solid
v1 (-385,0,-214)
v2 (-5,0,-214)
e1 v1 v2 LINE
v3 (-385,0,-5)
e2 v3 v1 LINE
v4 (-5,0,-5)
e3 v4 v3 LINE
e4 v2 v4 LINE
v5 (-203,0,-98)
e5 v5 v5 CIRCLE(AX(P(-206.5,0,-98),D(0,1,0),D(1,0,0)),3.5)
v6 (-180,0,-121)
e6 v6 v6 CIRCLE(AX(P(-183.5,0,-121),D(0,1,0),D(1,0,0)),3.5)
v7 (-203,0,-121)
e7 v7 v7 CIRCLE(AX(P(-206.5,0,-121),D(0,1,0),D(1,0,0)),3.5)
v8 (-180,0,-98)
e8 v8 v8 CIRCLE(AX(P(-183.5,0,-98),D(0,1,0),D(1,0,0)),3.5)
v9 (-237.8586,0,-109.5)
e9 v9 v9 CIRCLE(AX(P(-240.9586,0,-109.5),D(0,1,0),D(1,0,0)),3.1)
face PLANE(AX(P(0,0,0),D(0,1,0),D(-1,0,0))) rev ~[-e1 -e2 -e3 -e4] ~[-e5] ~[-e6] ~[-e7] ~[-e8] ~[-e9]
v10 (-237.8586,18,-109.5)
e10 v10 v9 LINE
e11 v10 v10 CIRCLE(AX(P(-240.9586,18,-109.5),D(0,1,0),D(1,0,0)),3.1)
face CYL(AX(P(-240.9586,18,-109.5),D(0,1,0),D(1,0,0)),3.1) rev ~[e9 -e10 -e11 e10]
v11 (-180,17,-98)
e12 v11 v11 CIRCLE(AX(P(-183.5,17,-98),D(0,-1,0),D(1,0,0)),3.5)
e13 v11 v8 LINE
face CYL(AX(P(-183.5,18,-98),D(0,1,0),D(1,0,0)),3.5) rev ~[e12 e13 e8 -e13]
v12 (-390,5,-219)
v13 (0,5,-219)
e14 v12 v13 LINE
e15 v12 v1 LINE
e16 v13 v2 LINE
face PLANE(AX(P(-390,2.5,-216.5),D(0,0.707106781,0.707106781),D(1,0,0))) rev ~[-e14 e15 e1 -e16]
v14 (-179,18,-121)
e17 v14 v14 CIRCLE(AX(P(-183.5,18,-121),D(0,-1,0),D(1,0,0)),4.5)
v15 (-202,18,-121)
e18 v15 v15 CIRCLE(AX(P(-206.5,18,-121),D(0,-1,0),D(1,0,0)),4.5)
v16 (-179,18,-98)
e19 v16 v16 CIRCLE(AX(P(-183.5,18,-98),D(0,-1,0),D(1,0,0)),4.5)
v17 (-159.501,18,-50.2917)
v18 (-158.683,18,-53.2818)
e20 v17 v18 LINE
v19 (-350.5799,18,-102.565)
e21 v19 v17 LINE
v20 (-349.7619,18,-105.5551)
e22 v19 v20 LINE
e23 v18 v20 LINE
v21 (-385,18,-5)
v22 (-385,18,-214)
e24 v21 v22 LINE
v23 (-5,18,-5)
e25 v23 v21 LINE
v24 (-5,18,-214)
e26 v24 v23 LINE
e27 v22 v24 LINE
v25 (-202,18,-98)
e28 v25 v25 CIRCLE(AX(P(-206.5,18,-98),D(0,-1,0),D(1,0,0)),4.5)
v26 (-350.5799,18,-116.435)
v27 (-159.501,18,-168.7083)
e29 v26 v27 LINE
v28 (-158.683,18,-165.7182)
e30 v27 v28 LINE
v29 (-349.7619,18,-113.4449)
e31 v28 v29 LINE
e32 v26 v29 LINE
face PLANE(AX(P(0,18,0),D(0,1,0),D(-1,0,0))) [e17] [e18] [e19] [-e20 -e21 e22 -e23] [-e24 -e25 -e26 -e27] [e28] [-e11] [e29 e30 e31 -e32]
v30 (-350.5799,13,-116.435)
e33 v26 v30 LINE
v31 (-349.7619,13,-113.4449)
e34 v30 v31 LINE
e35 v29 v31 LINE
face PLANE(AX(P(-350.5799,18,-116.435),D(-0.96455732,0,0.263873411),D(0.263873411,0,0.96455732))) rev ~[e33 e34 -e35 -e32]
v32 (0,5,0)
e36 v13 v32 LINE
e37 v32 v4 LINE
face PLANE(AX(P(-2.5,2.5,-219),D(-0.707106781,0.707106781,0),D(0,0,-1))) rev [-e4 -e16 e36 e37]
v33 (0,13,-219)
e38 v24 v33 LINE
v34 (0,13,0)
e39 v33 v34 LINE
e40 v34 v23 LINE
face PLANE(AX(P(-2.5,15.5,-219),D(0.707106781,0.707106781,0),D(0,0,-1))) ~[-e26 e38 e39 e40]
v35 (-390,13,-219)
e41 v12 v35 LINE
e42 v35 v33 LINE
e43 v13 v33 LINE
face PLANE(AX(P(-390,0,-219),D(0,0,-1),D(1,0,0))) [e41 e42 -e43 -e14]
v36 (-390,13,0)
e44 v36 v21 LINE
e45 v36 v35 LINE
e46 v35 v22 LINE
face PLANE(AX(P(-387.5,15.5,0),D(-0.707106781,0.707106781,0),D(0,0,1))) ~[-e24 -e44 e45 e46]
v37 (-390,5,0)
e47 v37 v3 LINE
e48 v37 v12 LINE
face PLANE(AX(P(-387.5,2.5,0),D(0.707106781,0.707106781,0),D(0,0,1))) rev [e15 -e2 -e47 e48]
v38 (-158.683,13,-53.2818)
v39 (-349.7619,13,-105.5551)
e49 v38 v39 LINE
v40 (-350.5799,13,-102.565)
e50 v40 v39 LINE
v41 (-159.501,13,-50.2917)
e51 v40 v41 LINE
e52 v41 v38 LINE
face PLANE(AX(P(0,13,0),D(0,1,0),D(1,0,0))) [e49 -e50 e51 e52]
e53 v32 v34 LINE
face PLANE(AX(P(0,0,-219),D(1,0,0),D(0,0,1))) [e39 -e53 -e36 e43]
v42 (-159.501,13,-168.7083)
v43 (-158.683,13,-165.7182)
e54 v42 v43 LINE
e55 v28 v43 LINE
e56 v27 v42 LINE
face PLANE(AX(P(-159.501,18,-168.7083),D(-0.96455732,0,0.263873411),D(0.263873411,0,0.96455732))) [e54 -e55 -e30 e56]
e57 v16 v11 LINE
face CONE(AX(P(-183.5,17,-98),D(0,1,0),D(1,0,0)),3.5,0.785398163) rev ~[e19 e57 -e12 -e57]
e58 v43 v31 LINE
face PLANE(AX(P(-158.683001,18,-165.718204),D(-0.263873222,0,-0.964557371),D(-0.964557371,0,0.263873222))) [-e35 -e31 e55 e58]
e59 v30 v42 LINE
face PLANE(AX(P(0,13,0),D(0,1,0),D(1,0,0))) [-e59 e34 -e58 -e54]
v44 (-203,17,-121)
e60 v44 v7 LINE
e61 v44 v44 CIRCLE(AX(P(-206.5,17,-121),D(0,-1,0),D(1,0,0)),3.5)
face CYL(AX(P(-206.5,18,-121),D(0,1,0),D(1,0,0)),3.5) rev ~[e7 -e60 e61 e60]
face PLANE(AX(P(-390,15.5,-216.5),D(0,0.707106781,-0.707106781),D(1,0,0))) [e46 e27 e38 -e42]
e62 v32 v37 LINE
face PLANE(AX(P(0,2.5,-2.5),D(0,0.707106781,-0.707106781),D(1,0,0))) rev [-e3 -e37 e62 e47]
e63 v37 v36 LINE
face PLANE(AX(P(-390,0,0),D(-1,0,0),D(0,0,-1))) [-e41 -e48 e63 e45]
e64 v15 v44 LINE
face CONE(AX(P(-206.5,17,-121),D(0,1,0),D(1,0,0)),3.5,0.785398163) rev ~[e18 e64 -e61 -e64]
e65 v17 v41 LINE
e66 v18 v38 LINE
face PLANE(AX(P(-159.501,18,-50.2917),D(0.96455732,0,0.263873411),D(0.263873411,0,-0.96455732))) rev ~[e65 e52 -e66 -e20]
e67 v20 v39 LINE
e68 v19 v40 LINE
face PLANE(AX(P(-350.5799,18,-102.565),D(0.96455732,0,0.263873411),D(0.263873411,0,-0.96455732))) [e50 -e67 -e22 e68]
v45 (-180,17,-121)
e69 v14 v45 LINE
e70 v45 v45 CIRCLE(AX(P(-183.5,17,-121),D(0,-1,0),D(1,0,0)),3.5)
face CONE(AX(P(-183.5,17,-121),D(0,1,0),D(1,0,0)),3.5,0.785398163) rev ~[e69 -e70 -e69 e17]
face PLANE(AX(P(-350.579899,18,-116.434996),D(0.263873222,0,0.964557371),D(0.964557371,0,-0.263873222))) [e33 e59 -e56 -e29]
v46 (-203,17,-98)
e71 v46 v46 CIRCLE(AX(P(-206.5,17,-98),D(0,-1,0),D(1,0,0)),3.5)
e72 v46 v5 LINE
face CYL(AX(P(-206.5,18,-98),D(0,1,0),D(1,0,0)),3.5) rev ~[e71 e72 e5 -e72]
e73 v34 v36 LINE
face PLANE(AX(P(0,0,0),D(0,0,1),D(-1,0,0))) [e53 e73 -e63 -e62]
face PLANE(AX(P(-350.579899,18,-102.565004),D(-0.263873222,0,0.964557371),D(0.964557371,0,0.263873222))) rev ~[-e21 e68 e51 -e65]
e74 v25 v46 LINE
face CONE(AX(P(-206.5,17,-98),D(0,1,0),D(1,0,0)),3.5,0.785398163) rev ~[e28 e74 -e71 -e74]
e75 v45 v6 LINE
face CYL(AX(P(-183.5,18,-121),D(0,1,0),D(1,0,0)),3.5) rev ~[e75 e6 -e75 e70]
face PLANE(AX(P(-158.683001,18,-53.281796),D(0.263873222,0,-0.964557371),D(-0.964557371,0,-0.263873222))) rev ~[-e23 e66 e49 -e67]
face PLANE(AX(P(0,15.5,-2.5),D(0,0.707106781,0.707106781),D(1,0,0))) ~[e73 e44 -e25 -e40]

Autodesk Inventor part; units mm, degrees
ref_plane "YZ Plane" through (0, 0, 0) normal (1, 0, 0) x (0, 1, 0)
ref_plane "XZ Plane" through (0, 0, 0) normal (0, 1, 0) x (-1, 0, 0)
ref_plane "XY Plane" through (0, 0, 0) normal (0, 0, 1) x (1, 0, 0)
sketch "Sketch1" plane through (0, 0, 0) normal (0, 1, 0) x (-1, 0, 0)
  line L0 (0, 0) -> (390, 0)
  line L1 (390, 0) -> (390, -219)
  line L2 (390, -219) -> (0, -219)
  line L3 (0, -219) -> (0, 0)
  dimension "d0" = 219
  dimension "d1" = 390
extrude "Platform" add sketch "Sketch1" along normal blind 18
sketch "Sketch3" plane through (0, 18, 0) normal (0, 1, 0) x (1, 0, 0)
  circle A0 centre (-240.9586, 109.5) radius 3.1
  line L0 (0, 0) -> (0, 219) projected
  line L1 (-390, 0) -> (0, 0) projected
  line L2 (-229.5, 144) -> (-160.5, 144)
  line L3 (-160.5, 144) -> (-160.5, 75)
  line L4 (-160.5, 75) -> (-229.5, 75)
  line L5 (-229.5, 75) -> (-229.5, 144)
  line L6 (-206.5, 121) -> (-183.5, 98)
  circle A1 centre (-206.5, 121) radius 3.5
  circle A2 centre (-183.5, 98) radius 3.5
  circle A3 centre (-183.5, 121) radius 3.5
  circle A4 centre (-206.5, 98) radius 3.5
  line L7 (-206.5, 98) -> (-183.5, 121)
  point P0 (0, 109.5)
  point P1 (-195, 109.5)
  point P2 (-160.5, 109.5)
  point P3 (-195, 144)
  point P4 (0, 109.5)
  point P5 (-195, 0)
  dimension "screwdiameter" = 6.2
  dimension "d34" = 69
  dimension "d35" = 69
  dimension "d36" = 7
  dimension "d37" = 7
  dimension "d38" = 7
  dimension "d39" = 7
  dimension "d43" = 23
extrude "ScrewHole" cut sketch "Sketch3" against normal through all contours A0 | A3 | A2 | A4 | A1
sketch "Sketch2" plane through (0, 18, 0) normal (0, 1, 0) x (1, 0, 0)
  line L0 (-364.182, 109.5) -> (-365, 112.4901)
  line L1 (-365, 112.4901) -> (-145.0809, 172.6532)
  line L2 (-145.0809, 172.6532) -> (-144.2629, 169.6631)
  line L3 (-144.2629, 169.6631) -> (-364.182, 109.5)
  line L4 (0, 0) -> (0, 219) projected
  line L5 (18.6218, 109.5) -> (45.6135, 109.5)
  line L6 (-390, 0) -> (0, 0) projected
  line L7 (-364.182, 109.5) -> (-365, 106.5099)
  line L8 (-365, 106.5099) -> (-145.0809, 46.3468)
  line L9 (-145.0809, 46.3468) -> (-144.2629, 49.3369)
  line L10 (-144.2629, 49.3369) -> (-364.182, 109.5)
  line L11 (-350.5799, 116.435) -> (-349.7619, 113.4449)
  line L12 (-159.501, 168.7083) -> (-158.683, 165.7182)
  line L13 (-350.5799, 102.565) -> (-349.7619, 105.5551)
  line L14 (-159.501, 50.2917) -> (-158.683, 53.2818)
  line L15 (-390, 219) -> (-390, 0) projected
  point P0 (32.1177, 109.5)
  point P1 (0, 109.5)
  point P2 (-195, 0)
  point P3 (-254.2224, 139.5815)
  point P4 (-159.501, 50.2917)
  point P5 (-158.683, 53.2818)
  point P6 (-350.5799, 102.565)
  dimension "d6" = 3.1
  dimension "beta" = 15.3
  dimension "rail" = 228
  dimension "centre_offset" = 0
  dimension "offsetlength" = 14.95
  dimension "d20" = 14.95
  dimension "d44" = 198.1
  dimension "d52" = 25
extrude "Slots" cut sketch "Sketch2" against normal blind 5 contours L11 L1 L12 L3 | L10 L14 L8 L13
chamfer "Chamfer1" distance 5 angle 45 8 edges at (-390, 18, -109.5) (-195, 18, 0) (-195, 18, -219) (0, 18, -109.5) (0, 0, -109.5) (-195, 0, 0) (-390, 0, -109.5) (-195, 0, -219)
chamfer "Countersunk" distance 1 angle 45 4 edges at (-210, 18, -98) (-210, 18, -121) (-187, 18, -121) (-187, 18, -98)
sketch "InstructionsSticker" plane through (0, 18, 0) normal (0, 1, 0) x (1, 0, 0)
  line L0 (-120, 15) -> (-15, 15)
  line L1 (-15, 15) -> (-15, 204)
  line L2 (-15, 204) -> (-120, 204)
  line L3 (-120, 204) -> (-120, 15)
  line L4 (0, 219) -> (-390, 219) projected
  line L5 (-390, 0) -> (0, 0) projected
  line L6 (0, 0) -> (0, 219) projected
  line L7 (-120, 204) -> (-15.0037, 204) construction
  line L8 (-15.0037, 204) -> (-15.0037, 14.9979) construction
  line L9 (-15.0037, 14.9979) -> (-120, 14.9979) construction
  line L10 (-120, 14.9979) -> (-120, 204) construction
  dimension "d53" = 105
  dimension "d54" = 15
  dimension "d55" = 15
  dimension "d56" = 15
  dimension "d58" = 189
equation "\"d20\" = offsetlength"
equation "\"gluegap\" = 0.1"
properties part number "platform_instr"
